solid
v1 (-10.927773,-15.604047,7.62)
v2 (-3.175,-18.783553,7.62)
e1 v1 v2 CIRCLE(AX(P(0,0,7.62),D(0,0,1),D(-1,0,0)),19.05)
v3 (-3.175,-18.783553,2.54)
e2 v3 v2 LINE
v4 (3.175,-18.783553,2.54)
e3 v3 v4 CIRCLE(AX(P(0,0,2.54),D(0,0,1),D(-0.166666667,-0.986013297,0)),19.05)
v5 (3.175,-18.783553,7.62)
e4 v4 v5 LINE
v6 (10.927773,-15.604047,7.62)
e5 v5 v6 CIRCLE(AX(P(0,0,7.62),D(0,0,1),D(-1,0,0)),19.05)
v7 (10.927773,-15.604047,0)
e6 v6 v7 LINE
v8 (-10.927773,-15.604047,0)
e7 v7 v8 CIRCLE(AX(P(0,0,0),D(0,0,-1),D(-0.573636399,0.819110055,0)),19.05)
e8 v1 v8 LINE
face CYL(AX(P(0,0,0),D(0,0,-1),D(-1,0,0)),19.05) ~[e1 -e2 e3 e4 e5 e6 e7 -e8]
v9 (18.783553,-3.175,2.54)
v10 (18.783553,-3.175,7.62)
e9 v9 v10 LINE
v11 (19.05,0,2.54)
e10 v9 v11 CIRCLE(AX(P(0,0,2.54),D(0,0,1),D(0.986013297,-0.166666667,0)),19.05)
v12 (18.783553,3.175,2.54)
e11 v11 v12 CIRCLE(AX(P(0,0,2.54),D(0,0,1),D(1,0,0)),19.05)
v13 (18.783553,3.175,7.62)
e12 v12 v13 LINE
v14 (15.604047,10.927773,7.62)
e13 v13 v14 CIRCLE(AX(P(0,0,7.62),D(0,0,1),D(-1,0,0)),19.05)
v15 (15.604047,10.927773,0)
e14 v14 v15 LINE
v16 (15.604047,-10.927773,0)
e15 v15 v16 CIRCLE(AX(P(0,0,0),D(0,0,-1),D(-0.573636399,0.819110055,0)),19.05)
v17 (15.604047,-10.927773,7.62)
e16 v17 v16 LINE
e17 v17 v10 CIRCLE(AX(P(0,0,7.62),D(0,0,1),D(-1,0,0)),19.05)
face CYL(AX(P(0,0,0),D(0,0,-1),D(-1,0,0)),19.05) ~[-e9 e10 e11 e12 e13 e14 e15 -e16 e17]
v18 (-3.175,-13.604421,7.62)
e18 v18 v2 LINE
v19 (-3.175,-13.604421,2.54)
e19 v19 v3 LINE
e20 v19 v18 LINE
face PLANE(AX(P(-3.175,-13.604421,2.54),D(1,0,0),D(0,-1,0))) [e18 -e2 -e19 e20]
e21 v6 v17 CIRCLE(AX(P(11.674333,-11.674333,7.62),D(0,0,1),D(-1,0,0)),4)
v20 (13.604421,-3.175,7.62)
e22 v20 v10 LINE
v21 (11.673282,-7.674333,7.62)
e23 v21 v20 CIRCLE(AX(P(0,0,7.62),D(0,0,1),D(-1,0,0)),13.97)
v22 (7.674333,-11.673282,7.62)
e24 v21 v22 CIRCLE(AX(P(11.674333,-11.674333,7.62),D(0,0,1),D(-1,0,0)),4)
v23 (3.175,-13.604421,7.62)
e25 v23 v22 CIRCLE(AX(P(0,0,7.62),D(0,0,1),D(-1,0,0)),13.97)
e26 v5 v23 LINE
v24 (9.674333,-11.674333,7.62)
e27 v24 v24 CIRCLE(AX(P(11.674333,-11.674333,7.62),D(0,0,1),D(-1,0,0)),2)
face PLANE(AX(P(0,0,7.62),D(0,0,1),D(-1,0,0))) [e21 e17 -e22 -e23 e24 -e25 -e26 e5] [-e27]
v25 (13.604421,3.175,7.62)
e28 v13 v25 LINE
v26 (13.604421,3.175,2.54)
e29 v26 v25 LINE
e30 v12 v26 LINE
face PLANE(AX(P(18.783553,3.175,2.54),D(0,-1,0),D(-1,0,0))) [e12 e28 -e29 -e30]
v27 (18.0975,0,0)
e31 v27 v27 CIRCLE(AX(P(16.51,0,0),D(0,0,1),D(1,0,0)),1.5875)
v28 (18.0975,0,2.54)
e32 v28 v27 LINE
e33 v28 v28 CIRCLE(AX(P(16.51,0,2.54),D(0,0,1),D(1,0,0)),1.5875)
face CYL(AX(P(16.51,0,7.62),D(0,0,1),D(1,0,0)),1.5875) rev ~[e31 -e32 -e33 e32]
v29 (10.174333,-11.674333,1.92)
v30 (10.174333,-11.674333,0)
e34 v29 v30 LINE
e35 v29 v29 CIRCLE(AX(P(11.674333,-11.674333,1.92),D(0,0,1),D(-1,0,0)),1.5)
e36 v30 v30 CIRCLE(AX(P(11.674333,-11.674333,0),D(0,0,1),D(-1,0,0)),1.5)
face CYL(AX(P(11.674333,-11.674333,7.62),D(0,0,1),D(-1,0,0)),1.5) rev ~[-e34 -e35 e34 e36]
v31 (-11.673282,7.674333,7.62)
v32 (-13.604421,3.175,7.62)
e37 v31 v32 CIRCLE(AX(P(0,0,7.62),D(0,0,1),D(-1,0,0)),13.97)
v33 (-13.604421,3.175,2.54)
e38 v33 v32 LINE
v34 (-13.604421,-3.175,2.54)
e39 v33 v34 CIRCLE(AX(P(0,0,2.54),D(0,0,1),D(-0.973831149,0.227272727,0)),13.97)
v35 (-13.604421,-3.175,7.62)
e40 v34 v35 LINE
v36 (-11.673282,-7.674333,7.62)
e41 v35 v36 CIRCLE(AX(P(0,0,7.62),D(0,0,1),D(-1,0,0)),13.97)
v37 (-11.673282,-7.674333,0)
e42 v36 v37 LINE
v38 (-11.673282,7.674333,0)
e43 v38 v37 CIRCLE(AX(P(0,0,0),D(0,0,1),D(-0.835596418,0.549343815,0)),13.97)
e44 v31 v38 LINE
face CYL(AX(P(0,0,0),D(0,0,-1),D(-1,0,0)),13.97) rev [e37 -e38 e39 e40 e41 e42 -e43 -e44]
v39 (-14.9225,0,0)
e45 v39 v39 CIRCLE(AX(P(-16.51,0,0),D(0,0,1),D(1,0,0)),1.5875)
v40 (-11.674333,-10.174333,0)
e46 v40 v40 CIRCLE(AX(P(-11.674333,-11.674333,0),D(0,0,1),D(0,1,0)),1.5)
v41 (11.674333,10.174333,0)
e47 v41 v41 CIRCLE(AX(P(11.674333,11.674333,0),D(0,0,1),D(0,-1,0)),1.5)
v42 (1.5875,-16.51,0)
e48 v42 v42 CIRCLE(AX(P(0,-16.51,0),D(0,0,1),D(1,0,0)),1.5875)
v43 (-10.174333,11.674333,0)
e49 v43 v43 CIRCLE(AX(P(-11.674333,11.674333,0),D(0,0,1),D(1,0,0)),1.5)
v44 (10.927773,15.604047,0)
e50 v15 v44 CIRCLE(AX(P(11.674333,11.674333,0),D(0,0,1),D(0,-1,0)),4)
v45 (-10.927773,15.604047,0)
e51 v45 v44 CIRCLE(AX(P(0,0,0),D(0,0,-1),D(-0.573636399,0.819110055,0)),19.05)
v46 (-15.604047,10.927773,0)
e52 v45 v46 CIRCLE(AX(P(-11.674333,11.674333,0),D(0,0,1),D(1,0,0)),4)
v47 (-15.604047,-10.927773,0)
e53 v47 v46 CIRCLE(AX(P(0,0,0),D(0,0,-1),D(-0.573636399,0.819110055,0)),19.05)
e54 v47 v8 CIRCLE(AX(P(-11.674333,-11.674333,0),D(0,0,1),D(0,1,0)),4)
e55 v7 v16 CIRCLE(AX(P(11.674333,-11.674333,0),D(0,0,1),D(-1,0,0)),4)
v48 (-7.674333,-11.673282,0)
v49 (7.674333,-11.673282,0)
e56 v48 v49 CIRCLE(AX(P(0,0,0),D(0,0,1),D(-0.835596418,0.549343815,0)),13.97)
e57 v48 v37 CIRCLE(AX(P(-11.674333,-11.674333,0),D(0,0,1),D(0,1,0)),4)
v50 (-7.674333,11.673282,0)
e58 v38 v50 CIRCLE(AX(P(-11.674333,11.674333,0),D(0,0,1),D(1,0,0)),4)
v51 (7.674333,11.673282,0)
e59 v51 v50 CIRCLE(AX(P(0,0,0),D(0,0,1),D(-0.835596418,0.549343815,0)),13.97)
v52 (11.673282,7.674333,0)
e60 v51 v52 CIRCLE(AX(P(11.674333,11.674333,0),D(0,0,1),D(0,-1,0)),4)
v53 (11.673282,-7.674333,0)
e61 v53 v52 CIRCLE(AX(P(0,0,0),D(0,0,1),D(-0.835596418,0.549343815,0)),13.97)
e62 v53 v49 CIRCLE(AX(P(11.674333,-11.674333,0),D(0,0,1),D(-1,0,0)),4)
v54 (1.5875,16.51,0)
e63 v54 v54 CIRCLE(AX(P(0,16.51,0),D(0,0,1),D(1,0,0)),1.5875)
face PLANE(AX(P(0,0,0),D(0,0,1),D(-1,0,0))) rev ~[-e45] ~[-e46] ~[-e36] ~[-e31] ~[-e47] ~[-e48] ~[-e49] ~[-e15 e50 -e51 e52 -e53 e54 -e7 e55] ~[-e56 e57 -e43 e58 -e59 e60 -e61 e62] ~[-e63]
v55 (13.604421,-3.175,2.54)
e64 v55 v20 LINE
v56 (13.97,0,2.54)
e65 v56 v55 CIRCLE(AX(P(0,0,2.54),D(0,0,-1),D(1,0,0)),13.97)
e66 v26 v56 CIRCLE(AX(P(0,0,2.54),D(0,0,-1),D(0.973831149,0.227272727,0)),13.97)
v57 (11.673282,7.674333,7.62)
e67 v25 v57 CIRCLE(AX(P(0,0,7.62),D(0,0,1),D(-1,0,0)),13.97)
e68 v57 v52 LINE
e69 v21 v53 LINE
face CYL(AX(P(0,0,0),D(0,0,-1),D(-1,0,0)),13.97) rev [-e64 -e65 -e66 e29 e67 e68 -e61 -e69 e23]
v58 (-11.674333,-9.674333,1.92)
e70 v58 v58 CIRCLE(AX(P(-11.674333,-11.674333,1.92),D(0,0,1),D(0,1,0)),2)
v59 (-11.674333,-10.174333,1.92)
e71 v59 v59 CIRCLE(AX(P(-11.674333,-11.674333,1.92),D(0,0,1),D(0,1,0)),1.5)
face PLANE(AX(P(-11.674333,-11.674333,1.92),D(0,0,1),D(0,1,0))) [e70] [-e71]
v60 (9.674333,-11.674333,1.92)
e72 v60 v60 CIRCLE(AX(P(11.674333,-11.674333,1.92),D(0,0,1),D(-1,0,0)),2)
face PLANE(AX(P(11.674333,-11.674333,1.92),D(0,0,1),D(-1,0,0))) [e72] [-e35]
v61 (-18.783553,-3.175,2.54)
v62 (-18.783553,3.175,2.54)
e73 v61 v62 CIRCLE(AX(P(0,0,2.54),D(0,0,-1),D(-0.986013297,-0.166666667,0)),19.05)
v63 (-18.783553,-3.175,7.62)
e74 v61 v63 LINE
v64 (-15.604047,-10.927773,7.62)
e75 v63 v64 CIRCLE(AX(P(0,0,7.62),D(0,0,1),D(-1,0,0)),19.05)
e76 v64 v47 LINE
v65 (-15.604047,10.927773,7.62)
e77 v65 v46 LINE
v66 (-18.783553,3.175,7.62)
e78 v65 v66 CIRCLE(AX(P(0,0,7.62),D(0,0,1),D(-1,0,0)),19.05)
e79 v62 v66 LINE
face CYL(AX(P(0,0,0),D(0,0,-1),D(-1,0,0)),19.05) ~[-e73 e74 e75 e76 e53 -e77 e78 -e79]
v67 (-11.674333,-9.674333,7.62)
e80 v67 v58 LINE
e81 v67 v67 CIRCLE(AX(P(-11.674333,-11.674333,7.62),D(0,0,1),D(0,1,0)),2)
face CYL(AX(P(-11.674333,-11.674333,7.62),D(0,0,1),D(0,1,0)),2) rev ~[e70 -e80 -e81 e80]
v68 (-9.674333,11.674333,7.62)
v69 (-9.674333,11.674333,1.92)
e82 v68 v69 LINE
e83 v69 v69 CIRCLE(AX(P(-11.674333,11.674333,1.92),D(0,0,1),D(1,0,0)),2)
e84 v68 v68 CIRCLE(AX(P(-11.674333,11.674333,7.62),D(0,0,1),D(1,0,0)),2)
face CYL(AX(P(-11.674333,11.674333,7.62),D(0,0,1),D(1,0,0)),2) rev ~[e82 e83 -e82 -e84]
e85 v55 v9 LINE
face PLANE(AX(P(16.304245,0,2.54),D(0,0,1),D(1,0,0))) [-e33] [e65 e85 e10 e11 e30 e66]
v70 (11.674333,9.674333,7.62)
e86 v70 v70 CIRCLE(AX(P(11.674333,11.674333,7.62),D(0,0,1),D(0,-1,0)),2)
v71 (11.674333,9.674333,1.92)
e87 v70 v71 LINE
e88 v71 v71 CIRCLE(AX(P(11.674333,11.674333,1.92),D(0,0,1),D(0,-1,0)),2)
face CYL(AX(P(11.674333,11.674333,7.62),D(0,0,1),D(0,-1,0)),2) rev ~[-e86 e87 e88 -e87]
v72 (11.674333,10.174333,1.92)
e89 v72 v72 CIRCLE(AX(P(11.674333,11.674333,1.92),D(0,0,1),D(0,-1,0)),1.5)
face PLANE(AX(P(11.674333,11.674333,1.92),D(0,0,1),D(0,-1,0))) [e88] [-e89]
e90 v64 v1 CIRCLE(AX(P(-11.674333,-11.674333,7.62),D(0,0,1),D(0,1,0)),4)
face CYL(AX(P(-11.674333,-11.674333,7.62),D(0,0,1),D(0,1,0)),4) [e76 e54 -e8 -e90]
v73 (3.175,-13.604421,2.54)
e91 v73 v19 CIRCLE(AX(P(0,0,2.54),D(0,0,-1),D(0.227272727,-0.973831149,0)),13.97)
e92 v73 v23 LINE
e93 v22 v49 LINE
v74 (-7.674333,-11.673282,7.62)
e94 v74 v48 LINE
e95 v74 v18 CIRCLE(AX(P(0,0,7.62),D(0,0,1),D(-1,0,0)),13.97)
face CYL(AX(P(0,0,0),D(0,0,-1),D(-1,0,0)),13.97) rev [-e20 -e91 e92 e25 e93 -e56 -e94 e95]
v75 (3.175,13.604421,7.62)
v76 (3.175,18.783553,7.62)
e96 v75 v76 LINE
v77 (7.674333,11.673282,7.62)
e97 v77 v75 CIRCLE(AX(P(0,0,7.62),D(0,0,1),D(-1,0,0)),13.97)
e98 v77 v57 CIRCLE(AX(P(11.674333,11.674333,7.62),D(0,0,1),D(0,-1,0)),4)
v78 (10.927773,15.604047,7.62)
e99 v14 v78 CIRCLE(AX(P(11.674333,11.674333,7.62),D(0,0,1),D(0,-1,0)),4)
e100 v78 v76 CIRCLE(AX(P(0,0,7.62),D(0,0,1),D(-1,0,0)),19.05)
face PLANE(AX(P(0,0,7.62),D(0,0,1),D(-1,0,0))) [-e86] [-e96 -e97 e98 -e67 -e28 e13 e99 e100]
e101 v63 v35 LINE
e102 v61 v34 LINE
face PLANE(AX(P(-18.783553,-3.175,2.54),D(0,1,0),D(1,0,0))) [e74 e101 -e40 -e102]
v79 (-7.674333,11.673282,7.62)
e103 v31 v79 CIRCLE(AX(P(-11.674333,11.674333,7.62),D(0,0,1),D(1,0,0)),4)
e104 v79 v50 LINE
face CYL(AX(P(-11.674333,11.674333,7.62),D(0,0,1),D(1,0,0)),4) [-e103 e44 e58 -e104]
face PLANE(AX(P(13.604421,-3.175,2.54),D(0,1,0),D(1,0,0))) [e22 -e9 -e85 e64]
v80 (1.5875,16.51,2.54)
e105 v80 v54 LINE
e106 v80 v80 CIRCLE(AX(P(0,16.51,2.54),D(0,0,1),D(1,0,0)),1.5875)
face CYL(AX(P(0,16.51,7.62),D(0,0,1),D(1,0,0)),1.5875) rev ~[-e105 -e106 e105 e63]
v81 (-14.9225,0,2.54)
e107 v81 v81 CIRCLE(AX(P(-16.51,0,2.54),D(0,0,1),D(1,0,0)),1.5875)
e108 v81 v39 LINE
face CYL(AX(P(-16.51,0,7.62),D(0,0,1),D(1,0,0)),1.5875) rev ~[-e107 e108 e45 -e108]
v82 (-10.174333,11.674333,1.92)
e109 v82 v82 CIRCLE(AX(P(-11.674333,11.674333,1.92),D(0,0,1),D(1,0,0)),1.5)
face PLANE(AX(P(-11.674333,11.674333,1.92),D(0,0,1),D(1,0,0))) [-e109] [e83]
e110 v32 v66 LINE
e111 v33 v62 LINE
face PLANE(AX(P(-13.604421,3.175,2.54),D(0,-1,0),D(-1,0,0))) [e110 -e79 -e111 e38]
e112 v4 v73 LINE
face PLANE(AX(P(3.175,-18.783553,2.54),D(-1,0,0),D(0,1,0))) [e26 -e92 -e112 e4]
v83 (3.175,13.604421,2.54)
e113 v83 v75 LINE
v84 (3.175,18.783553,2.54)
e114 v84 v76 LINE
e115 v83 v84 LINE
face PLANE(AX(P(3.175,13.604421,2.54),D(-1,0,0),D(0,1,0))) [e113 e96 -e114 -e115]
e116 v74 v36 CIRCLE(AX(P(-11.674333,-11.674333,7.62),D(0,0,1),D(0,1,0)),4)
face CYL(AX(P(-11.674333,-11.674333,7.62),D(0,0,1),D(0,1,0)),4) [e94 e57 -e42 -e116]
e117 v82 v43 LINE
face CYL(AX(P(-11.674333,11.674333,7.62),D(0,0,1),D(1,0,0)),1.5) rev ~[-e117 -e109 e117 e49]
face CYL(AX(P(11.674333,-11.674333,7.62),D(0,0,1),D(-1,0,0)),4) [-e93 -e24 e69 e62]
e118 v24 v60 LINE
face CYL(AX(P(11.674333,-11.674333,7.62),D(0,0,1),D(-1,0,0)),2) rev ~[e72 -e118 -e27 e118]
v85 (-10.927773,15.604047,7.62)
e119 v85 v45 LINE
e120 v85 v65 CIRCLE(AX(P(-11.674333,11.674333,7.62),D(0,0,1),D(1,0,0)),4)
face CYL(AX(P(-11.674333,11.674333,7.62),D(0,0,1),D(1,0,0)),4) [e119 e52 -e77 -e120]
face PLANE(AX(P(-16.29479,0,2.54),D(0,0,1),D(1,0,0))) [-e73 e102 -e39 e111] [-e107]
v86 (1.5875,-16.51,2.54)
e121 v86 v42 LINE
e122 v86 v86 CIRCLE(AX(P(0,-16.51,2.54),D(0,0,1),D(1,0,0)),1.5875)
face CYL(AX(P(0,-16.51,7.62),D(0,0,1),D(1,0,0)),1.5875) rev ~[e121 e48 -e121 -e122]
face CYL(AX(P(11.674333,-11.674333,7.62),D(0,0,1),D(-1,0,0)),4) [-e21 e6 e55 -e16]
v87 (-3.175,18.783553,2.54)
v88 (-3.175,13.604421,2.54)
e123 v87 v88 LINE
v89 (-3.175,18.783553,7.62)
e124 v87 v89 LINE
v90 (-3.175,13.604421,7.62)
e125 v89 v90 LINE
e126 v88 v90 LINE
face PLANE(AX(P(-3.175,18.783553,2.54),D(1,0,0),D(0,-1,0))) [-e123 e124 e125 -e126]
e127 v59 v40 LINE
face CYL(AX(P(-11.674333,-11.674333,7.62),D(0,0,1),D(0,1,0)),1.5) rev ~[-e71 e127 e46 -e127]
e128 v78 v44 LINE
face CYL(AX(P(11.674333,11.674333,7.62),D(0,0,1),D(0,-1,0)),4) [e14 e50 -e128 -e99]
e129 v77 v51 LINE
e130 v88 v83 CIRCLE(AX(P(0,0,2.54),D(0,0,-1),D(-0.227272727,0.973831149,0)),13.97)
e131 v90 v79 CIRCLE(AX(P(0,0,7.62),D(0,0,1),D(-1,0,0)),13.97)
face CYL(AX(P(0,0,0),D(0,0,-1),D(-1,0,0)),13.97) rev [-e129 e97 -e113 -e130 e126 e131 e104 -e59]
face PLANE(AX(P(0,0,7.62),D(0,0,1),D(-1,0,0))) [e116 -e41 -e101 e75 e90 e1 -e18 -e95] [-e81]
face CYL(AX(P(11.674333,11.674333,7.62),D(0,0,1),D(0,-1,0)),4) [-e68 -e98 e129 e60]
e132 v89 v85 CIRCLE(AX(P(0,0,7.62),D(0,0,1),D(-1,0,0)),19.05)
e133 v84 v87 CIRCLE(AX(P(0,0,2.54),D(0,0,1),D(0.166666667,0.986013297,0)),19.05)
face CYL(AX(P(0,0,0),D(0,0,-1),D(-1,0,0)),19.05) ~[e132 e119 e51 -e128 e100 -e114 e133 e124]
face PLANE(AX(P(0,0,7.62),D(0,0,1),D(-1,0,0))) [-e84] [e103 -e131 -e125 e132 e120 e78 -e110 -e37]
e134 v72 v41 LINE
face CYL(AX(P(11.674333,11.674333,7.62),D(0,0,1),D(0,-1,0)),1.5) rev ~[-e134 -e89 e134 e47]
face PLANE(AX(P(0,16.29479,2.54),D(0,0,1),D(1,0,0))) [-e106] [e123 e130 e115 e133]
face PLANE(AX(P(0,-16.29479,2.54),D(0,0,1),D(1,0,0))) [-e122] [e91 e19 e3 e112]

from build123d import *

# Parameters (mm, degrees)
SKETCH1_R           = 19.05
SKETCH1_R_2         = 13.97
BOSS_EXTRUDE1_DEPTH = 7.62
SKETCH2_R           = 1.5875
CUT_EXTRUDE1_DEPTH  = 28.99766776
CUT_EXTRUDE2_START  = -5.08
SKETCH3_R           = 1.5875
CUT_EXTRUDE2_DEPTH  = 5.08
SKETCH4_R           = 1.5
CUT_EXTRUDE3_DEPTH  = 28.99766776
SKETCH5_R           = 2
CUT_EXTRUDE4_DEPTH  = 5.7
SKETCH6_R           = 4
SKETCH6_R_2         = 2
BOSS_EXTRUDE2_DEPTH = 7.62
CIRPATTERN1_COUNT   = 4


with BuildPart() as part:
    # Sketch1 → Boss-Extrude1 (new body)
    with BuildSketch(Plane.XY):
        with Locations(Location((0, 0, 0), (0, 0, 180))):
            Circle(SKETCH1_R)
        with Locations(Location((0, 0, 0), (0, 0, 180))):
            Circle(SKETCH1_R_2, mode=Mode.SUBTRACT)
    extrude(amount=BOSS_EXTRUDE1_DEPTH)

    # Sketch2 → Cut-Extrude1 (cut, through all)
    with BuildSketch(Plane.XY.offset(7.62)):
        with Locations((0, 16.51)):
            Circle(SKETCH2_R)
        with Locations((16.51, 0)):
            Circle(SKETCH2_R)
        with Locations((0, -16.51)):
            Circle(SKETCH2_R)
        with Locations((-16.51, 0)):
            Circle(SKETCH2_R)
    extrude(amount=-CUT_EXTRUDE1_DEPTH, mode=Mode.SUBTRACT)

    # Sketch3 → Cut-Extrude2 (cut)
    # profile 1 of 4: a face of its own
    with BuildSketch(Plane.XY.offset(7.62).offset(CUT_EXTRUDE2_START)):
        with BuildLine():
            ThreePointArc((-18.783553311, 3.175), (-19.05, 0), (-18.783553311, -3.175))
            Line((-18.783553311, -3.175), (-13.604421156, -3.175))
            ThreePointArc((-13.604421156, -3.175), (-13.97, 0), (-13.604421156, 3.175))
            Line((-13.604421156, 3.175), (-18.783553311, 3.175))
        make_face()
        with Locations((-16.51, 0)):
            Circle(SKETCH3_R, mode=Mode.SUBTRACT)
    # profile 2 of 4: a face of its own
    with BuildSketch(Plane.XY.offset(7.62).offset(CUT_EXTRUDE2_START)):
        with BuildLine():
            Line((-3.175, -13.604421156), (-3.175, -18.783553311))
            ThreePointArc((-3.175, -18.783553311), (0, -19.05), (3.175, -18.783553311))
            Line((3.175, -18.783553311), (3.175, -13.604421156))
            ThreePointArc((3.175, -13.604421156), (0, -13.97), (-3.175, -13.604421156))
        make_face()
        with Locations((0, -16.51)):
            Circle(SKETCH3_R, mode=Mode.SUBTRACT)
    # profile 3 of 4: a face of its own
    with BuildSketch(Plane.XY.offset(7.62).offset(CUT_EXTRUDE2_START)):
        with BuildLine():
            Line((13.604421156, -3.175), (18.783553311, -3.175))
            ThreePointArc((18.783553311, -3.175), (18.983271459, -1.593080258), (19.05, 0))
            ThreePointArc((19.05, 0), (18.983271459, 1.593080258), (18.783553311, 3.175))
            Line((18.783553311, 3.175), (13.604421156, 3.175))
            ThreePointArc((13.604421156, 3.175), (13.878304355, 1.597988806), (13.97, 0))
            ThreePointArc((13.97, 0), (13.878304355, -1.597988806), (13.604421156, -3.175))
        make_face()
        with Locations((16.51, 0)):
            Circle(SKETCH3_R, mode=Mode.SUBTRACT)
    # profile 4 of 4: a face of its own
    with BuildSketch(Plane.XY.offset(7.62).offset(CUT_EXTRUDE2_START)):
        with BuildLine():
            ThreePointArc((3.175, 18.783553311), (0, 19.05), (-3.175, 18.783553311))
            Line((-3.175, 18.783553311), (-3.175, 13.604421156))
            ThreePointArc((-3.175, 13.604421156), (0, 13.97), (3.175, 13.604421156))
            Line((3.175, 13.604421156), (3.175, 18.783553311))
        make_face()
        with Locations((0, 16.51)):
            Circle(SKETCH3_R, mode=Mode.SUBTRACT)
    extrude(amount=CUT_EXTRUDE2_DEPTH, mode=Mode.SUBTRACT)

    # Sketch4 → Cut-Extrude3 (cut, through all)
    with BuildSketch(Plane.XY.offset(7.62)):
        with Locations((-11.674332957, 11.674332957)):
            Circle(SKETCH4_R)
    cut_extrude3 = extrude(amount=-CUT_EXTRUDE3_DEPTH, mode=Mode.SUBTRACT)

    # Sketch5 → Cut-Extrude4 (cut)
    with BuildSketch(Plane.XY.offset(7.62)):
        with Locations((-11.674332957, 11.674332957)):
            Circle(SKETCH5_R)
    cut_extrude4 = extrude(amount=-CUT_EXTRUDE4_DEPTH, mode=Mode.SUBTRACT)

    # Sketch6 → Boss-Extrude2 (add)
    with BuildSketch(Plane.XY.offset(7.62)):
        with Locations((-11.674332957, 11.674332957)):
            Circle(SKETCH6_R)
        with Locations((-11.674332957, 11.674332957)):
            Circle(SKETCH6_R_2, mode=Mode.SUBTRACT)
    boss_extrude2 = extrude(amount=-BOSS_EXTRUDE2_DEPTH)

    # CirPattern1: Cut-Extrude3, Cut-Extrude4, Boss-Extrude2 ×4 about axis
    cirpattern1_axis = Axis((0, 0, 0), (0, 0, 1))
    add([cut_extrude3.rotate(cirpattern1_axis, i * 360 / CIRPATTERN1_COUNT) for i in range(1, CIRPATTERN1_COUNT)], mode=Mode.SUBTRACT)
    add([cut_extrude4.rotate(cirpattern1_axis, i * 360 / CIRPATTERN1_COUNT) for i in range(1, CIRPATTERN1_COUNT)], mode=Mode.SUBTRACT)
    add([boss_extrude2.rotate(cirpattern1_axis, i * 360 / CIRPATTERN1_COUNT) for i in range(1, CIRPATTERN1_COUNT)])


solid = part.part
